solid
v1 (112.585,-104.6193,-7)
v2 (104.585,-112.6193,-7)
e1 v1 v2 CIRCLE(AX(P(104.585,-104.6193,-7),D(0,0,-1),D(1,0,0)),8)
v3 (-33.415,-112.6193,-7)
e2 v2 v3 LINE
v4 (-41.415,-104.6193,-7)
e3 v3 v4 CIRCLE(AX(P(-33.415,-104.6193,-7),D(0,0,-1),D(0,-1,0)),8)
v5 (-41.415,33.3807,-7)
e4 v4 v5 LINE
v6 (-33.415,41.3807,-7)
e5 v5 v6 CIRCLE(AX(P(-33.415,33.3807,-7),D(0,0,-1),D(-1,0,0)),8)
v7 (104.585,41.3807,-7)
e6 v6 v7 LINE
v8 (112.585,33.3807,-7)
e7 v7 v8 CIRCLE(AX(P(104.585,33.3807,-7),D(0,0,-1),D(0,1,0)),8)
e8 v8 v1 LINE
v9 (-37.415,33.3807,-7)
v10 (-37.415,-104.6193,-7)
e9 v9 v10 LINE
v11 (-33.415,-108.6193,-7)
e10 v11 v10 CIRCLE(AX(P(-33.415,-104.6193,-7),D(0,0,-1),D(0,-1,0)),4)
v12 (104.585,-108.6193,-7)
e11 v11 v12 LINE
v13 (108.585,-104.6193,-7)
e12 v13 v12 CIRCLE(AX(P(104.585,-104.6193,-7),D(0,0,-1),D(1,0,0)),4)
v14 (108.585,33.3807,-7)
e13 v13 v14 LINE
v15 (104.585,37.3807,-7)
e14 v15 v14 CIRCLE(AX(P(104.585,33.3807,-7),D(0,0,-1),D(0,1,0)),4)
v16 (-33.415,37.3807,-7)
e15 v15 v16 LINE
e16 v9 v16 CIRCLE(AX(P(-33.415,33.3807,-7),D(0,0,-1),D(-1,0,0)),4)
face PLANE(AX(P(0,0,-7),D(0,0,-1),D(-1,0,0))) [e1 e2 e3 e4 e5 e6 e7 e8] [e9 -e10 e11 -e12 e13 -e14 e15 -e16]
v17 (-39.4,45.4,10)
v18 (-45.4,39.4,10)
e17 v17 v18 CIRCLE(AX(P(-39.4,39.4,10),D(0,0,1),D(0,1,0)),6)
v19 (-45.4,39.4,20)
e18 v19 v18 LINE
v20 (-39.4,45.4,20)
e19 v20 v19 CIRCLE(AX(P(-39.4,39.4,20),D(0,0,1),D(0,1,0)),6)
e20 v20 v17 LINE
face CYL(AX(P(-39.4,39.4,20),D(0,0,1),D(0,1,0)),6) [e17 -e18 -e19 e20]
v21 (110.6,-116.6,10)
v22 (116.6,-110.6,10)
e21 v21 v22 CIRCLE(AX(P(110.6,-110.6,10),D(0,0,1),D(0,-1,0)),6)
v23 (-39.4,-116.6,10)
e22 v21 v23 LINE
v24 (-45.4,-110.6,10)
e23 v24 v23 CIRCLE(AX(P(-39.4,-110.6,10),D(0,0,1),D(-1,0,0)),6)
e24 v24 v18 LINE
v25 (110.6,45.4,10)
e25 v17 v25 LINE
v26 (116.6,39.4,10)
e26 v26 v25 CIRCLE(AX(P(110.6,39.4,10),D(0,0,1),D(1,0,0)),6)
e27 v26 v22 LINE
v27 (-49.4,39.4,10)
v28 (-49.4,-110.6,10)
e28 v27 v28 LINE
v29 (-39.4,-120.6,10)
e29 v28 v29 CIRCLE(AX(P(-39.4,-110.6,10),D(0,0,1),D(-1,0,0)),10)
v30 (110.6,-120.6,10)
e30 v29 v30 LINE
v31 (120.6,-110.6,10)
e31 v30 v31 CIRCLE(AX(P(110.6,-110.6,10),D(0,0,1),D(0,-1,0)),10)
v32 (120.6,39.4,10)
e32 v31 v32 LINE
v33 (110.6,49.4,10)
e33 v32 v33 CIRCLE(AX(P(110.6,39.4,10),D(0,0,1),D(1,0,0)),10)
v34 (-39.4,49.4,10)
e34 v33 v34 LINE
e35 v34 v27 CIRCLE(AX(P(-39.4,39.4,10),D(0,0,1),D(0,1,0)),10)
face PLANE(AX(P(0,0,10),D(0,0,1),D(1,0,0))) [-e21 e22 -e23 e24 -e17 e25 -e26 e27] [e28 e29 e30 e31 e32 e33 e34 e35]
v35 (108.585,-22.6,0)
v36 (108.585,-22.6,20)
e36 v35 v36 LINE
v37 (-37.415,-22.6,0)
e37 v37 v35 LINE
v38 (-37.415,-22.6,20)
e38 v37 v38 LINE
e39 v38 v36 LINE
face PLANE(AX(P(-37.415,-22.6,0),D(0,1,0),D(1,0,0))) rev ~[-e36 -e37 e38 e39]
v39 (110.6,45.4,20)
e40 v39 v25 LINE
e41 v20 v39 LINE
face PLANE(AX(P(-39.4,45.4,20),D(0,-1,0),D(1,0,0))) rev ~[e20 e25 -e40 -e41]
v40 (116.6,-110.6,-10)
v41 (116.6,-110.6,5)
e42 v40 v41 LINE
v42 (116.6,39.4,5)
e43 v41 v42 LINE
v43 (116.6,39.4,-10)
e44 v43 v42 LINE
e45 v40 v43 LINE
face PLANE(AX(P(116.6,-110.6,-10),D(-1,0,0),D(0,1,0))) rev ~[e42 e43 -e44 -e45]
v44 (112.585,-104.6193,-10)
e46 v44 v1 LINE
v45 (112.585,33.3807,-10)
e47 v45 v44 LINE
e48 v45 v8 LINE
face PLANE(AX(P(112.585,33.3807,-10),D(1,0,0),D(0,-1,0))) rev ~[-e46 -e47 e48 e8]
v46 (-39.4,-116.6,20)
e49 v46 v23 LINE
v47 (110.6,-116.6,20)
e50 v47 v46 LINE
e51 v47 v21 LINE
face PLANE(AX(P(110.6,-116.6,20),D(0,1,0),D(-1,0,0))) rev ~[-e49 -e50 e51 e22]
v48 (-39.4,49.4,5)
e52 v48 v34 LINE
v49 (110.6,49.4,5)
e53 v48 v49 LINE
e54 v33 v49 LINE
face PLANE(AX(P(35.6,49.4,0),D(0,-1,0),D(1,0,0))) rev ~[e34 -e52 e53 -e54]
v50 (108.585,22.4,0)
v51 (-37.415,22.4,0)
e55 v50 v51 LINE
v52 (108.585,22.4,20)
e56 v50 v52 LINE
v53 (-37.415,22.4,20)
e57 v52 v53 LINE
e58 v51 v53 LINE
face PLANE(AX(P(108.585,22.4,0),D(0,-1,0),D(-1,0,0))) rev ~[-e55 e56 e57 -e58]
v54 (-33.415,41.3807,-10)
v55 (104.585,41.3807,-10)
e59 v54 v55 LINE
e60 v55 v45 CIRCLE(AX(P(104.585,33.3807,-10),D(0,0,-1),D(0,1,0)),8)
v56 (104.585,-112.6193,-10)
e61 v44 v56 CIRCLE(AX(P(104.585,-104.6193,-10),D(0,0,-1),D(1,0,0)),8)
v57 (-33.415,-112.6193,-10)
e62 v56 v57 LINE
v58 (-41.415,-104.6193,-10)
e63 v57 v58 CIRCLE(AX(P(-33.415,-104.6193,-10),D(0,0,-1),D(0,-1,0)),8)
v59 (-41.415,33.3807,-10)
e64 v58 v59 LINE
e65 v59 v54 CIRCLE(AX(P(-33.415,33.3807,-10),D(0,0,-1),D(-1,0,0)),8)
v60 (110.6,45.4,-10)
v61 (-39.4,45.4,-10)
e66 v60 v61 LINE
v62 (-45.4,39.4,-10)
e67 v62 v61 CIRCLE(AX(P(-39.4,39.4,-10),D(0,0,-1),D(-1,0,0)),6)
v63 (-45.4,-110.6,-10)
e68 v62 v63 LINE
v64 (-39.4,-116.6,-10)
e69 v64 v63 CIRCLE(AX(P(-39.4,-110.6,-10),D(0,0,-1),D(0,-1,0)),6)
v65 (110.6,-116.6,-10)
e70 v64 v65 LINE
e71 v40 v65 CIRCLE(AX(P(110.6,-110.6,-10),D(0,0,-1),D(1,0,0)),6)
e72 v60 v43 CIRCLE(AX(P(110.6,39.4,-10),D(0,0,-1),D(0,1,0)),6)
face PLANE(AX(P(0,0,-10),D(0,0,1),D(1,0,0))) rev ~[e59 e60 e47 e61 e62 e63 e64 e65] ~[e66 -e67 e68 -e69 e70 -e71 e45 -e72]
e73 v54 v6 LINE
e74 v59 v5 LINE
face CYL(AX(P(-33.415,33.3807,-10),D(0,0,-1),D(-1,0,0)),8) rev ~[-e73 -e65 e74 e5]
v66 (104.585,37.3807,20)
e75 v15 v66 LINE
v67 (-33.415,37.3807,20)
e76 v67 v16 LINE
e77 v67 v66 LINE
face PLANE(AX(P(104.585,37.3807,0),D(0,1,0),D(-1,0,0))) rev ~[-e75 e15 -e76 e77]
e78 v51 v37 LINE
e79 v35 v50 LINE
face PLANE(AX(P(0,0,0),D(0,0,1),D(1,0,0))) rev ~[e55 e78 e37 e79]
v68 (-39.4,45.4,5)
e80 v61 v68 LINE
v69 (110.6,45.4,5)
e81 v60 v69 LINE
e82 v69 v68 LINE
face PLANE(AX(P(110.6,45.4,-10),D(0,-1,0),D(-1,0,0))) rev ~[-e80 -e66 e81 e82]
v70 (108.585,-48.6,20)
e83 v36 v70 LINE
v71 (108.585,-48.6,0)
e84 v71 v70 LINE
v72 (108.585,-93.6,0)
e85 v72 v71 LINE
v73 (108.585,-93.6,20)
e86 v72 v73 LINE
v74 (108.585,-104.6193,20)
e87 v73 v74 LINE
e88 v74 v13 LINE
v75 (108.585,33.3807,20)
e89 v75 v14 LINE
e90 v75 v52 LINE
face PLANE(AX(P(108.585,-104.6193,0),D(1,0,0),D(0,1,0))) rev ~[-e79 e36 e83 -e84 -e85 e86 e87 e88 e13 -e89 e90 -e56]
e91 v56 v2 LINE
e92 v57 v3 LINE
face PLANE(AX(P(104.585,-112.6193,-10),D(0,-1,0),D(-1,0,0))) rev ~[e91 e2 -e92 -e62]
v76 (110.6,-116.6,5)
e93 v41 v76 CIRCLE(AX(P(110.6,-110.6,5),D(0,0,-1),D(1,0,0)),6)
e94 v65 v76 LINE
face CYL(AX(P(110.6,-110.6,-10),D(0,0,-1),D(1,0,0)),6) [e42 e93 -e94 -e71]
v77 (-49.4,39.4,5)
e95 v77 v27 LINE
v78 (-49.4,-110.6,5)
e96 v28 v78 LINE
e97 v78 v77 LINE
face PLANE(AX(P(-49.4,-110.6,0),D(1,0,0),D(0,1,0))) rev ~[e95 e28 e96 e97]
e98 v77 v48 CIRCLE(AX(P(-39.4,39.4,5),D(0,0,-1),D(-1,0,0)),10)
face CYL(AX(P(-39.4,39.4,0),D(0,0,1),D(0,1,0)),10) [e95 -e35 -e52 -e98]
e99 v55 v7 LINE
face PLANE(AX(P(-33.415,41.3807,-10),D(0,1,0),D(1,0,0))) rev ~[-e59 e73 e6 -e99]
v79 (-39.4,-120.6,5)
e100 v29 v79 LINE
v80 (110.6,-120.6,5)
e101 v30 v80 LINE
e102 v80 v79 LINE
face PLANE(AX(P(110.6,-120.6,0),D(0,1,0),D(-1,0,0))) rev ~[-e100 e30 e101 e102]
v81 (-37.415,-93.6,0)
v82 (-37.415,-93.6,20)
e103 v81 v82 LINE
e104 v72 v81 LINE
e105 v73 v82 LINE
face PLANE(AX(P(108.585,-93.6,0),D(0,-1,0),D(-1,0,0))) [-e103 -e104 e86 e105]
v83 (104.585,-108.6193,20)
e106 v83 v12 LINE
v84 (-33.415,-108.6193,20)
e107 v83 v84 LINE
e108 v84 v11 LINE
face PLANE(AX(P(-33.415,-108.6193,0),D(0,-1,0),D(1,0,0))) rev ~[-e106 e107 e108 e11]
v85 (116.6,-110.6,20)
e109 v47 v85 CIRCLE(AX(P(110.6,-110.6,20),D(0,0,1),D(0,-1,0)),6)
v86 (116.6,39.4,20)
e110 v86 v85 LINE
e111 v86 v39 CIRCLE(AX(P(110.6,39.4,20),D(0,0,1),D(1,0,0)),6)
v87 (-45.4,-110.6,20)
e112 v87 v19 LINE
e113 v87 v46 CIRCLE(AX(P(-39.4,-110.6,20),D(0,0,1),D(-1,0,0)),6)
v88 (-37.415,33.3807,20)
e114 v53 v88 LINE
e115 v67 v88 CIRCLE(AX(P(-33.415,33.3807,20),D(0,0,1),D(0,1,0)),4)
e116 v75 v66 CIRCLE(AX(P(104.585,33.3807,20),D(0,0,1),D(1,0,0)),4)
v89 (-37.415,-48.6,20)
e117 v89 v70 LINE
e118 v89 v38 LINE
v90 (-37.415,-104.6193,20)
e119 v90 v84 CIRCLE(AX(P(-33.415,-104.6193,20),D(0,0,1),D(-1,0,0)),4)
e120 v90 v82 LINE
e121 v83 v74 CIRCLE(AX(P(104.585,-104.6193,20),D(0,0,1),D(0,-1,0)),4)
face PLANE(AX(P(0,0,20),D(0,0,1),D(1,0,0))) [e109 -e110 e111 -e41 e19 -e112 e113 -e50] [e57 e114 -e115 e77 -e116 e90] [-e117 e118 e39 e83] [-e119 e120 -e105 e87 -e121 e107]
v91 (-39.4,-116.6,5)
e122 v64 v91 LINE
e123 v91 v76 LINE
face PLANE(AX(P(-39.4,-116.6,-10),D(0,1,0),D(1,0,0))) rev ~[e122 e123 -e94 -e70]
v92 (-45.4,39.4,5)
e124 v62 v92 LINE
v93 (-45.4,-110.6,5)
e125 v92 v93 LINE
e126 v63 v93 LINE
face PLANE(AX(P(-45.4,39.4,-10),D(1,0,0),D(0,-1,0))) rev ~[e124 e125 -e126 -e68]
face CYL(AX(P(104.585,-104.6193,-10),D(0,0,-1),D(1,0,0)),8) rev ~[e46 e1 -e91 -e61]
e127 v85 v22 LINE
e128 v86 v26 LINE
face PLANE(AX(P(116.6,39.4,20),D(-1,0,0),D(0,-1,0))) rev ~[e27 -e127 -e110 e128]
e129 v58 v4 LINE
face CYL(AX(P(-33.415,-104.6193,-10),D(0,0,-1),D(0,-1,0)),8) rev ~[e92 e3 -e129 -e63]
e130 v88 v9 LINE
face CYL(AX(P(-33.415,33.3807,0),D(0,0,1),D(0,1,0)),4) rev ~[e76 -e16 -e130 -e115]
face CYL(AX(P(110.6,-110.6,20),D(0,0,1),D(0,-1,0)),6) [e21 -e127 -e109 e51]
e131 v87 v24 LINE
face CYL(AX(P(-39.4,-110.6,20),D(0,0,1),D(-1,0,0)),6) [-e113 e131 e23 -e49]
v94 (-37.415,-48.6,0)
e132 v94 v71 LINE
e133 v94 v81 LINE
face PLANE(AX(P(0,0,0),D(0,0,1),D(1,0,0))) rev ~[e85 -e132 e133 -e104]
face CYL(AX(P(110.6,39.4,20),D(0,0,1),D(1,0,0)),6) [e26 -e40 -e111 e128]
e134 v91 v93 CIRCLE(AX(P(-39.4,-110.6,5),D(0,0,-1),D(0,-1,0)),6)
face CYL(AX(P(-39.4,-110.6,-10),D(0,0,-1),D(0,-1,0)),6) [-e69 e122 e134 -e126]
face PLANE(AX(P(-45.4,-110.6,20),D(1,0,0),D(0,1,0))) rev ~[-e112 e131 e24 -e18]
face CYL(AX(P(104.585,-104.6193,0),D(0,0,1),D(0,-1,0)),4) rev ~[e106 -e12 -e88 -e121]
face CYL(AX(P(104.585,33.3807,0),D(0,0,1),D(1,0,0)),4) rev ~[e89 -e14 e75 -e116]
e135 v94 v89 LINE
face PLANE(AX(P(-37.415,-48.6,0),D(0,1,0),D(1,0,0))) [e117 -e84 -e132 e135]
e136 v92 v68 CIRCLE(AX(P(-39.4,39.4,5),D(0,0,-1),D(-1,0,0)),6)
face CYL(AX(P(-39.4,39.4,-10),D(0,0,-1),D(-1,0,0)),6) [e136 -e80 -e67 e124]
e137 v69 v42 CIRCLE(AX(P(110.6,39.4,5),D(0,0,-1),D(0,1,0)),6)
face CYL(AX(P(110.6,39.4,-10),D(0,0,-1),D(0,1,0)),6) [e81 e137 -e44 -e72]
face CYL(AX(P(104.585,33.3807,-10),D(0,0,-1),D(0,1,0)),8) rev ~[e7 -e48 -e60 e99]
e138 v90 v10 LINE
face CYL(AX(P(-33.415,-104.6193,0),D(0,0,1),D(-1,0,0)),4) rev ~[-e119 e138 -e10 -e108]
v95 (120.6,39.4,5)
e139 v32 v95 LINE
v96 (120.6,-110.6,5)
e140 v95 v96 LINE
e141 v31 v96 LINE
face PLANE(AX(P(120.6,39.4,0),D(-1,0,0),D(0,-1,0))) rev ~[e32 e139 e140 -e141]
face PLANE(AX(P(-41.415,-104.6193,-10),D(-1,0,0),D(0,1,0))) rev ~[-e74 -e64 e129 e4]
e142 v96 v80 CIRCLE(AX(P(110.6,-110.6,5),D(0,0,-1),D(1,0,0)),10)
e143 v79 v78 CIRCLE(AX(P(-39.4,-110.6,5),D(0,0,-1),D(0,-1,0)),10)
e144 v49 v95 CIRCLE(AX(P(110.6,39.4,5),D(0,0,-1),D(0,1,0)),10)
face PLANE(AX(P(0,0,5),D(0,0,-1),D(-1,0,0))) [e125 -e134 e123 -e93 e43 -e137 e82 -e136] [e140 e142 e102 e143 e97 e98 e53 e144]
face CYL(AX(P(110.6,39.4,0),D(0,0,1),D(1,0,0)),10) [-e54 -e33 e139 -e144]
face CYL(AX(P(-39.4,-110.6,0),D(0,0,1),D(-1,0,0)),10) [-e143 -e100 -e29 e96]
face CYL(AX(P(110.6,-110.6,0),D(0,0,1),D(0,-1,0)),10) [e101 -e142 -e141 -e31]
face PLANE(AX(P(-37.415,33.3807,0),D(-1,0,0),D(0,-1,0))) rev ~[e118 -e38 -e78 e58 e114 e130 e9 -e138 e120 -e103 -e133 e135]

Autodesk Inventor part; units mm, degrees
ref_plane "YZ Plane" through (0, 0, 0) normal (1, 0, 0) x (0, 1, 0)
ref_plane "XZ Plane" through (0, 0, 0) normal (0, 1, 0) x (-1, 0, 0)
ref_plane "XY Plane" through (0, 0, 0) normal (0, 0, 1) x (1, 0, 0)
ref_plane "Work Plane1" through (0, 0, 0) normal (0, 0, 1) x (1, 0, 0)
sketch "Sketch1" plane through (0, 0, 0) normal (0, 0, 1) x (1, 0, 0)
  line L0 (35.585, -35.585) -> (35.585, 35.585) projected
  line L1 (-35.585, -35.585) -> (35.585, -35.585) projected
  line L2 (35.615, -35.585) -> (106.785, -35.585) projected
  line L3 (35.615, -35.615) -> (35.615, -106.785) projected
  line L4 (-35.585, 35.585) -> (-35.585, -35.585) projected
  line L5 (35.585, 35.585) -> (-35.585, 35.585) projected
  line L6 (106.785, 35.585) -> (35.615, 35.585) projected
  line L7 (106.785, -35.585) -> (106.785, 35.585) projected
  line L8 (35.585, -35.585) -> (35.615, -35.615)
  line L9 (35.615, -35.585) -> (35.585, -35.615)
  line L10 (35.585, 35.8807) -> (107.085, 35.8807) construction
  line L11 (-35.915, 35.8807) -> (-35.915, 36.8807)
  line L12 (104.585, 37.3807) -> (-33.415, 37.3807)
  line L13 (-37.415, 33.3807) -> (-37.415, -104.6193)
  line L14 (-33.415, -108.6193) -> (104.585, -108.6193)
  line L15 (108.585, -104.6193) -> (108.585, 33.3807)
  arc A0 (104.585, -108.6193) -> (108.585, -104.6193) centre (104.585, -104.6193) ccw
  arc A1 (-37.415, -104.6193) -> (-33.415, -108.6193) centre (-33.415, -104.6193) ccw
  arc A2 (-33.415, 37.3807) -> (-37.415, 33.3807) centre (-33.415, 33.3807) ccw
  arc A3 (108.585, 33.3807) -> (104.585, 37.3807) centre (104.585, 33.3807) ccw
  line L16 (35.6, 49.4) -> (-39.4, 49.4)
  line L17 (120.6, 39.4) -> (120.6, -110.6)
  line L18 (110.6, -120.6) -> (-39.4, -120.6)
  line L19 (-49.4, -110.6) -> (-49.4, 39.4)
  arc A4 (-39.4, 49.4) -> (-49.4, 39.4) centre (-39.4, 39.4) ccw
  arc A5 (120.6, 39.4) -> (110.6, 49.4) centre (110.6, 39.4) ccw
  arc A6 (110.6, -120.6) -> (120.6, -110.6) centre (110.6, -110.6) ccw
  arc A7 (-49.4, -110.6) -> (-39.4, -120.6) centre (-39.4, -110.6) ccw
  line L20 (35.6, 49.4) -> (110.6, 49.4)
  point P0 (0, 0)
  point P1 (120.6, -120.6)
  point P2 (120.6, 49.4)
  point P3 (-49.4, -120.6)
  dimension "d2" = 71.5
  dimension "d15" = 1
  dimension "d18" = 4
  dimension "d21" = 170
  dimension "d22" = 170
  dimension "d23" = 10
extrude "Extrusion2" add sketch "Sketch1" against normal blind 10 contours L20 A5 L17 A6 L18 A7 L19 A4 L16
sketch "Sketch3" plane through (0, 0, 0) normal (0, 0, 1) x (1, 0, 0)
  arc A0 (104.585, -108.6193) -> (108.585, -104.6193) centre (104.585, -104.6193) ccw projected
  line L0 (104.585, -108.6193) -> (-33.415, -108.6193) projected
  arc A1 (-37.415, -104.6193) -> (-33.415, -108.6193) centre (-33.415, -104.6193) ccw projected
  line L1 (-37.415, -104.6193) -> (-37.415, 33.3807) projected
  arc A2 (-33.415, 37.3807) -> (-37.415, 33.3807) centre (-33.415, 33.3807) ccw projected
  line L2 (-33.415, 37.3807) -> (104.585, 37.3807) projected
  arc A3 (108.585, 33.3807) -> (104.585, 37.3807) centre (104.585, 33.3807) ccw projected
  line L3 (108.585, 33.3807) -> (108.585, -104.6193) projected
  line L4 (110.6, 49.4) -> (-39.4, 49.4) projected
  arc A4 (-39.4, 49.4) -> (-49.4, 39.4) centre (-39.4, 39.4) ccw projected
  line L5 (-49.4, 39.4) -> (-49.4, -110.6) projected
  arc A5 (-49.4, -110.6) -> (-39.4, -120.6) centre (-39.4, -110.6) ccw projected
  line L6 (-39.4, -120.6) -> (110.6, -120.6) projected
  arc A6 (110.6, -120.6) -> (120.6, -110.6) centre (110.6, -110.6) ccw projected
  line L7 (120.6, -110.6) -> (120.6, 39.4) projected
  arc A7 (120.6, 39.4) -> (110.6, 49.4) centre (110.6, 39.4) ccw projected
  line L8 (108.585, -93.6) -> (-37.415, -93.6)
  line L9 (-37.415, -48.6) -> (108.585, -48.6)
  line L10 (108.585, 22.4) -> (-37.415, 22.4)
  line L11 (-37.415, -22.6) -> (108.585, -22.6)
  line L12 (108.585, 22.4) -> (108.585, -22.6)
  line L13 (-37.415, 22.4) -> (-37.415, -22.6)
  line L14 (-37.415, -48.6) -> (-37.415, -93.6)
  line L15 (108.585, -48.6) -> (108.585, -93.6)
  point P0 (0, 0)
  dimension "d27" = 45
extrude "Extrusion3" add sketch "Sketch3" along normal blind 20 contours L8 L1 L9 L3 | L11 L1 L10 L3 | A7 L7 A6 L6 A5 L5 A4 L4
sketch "Sketch5" plane through (0, 0, -10) normal (0, 0, -1) x (-1, 0, 0)
  arc A0 (-108.585, -104.6193) -> (-104.585, -108.6193) centre (-104.585, -104.6193) ccw projected
  line L0 (-108.585, -104.6193) -> (-108.585, 33.3807) projected
  arc A1 (-104.585, 37.3807) -> (-108.585, 33.3807) centre (-104.585, 33.3807) ccw projected
  line L1 (-104.585, 37.3807) -> (33.415, 37.3807) projected
  arc A2 (37.415, 33.3807) -> (33.415, 37.3807) centre (33.415, 33.3807) ccw projected
  line L2 (37.415, 33.3807) -> (37.415, -104.6193) projected
  arc A3 (33.415, -108.6193) -> (37.415, -104.6193) centre (33.415, -104.6193) ccw projected
  line L3 (33.415, -108.6193) -> (-104.585, -108.6193) projected
  line L4 (33.415, 41.3807) -> (-104.585, 41.3807)
  arc A4 (-104.585, 41.3807) -> (-112.585, 33.3807) centre (-104.585, 33.3807) ccw
  line L5 (-112.585, 33.3807) -> (-112.585, -104.6193)
  arc A5 (-112.585, -104.6193) -> (-104.585, -112.6193) centre (-104.585, -104.6193) ccw
  line L6 (-104.585, -112.6193) -> (33.415, -112.6193)
  arc A6 (33.415, -112.6193) -> (41.415, -104.6193) centre (33.415, -104.6193) ccw
  line L7 (41.415, -104.6193) -> (41.415, 33.3807)
  arc A7 (41.415, 33.3807) -> (33.415, 41.3807) centre (33.415, 33.3807) ccw
  point P0 (0, 0)
  dimension "d32" = 4
extrude "Extrusion5" cut sketch "Sketch5" against normal blind 3
sketch "Sketch6" plane through (0, 0, -10) normal (0, 0, -1) x (-1, 0, 0)
  line L0 (39.4, 49.4) -> (-110.6, 49.4) projected
  arc A0 (-110.6, 49.4) -> (-120.6, 39.4) centre (-110.6, 39.4) ccw projected
  line L1 (-120.6, 39.4) -> (-120.6, -110.6) projected
  arc A1 (-120.6, -110.6) -> (-110.6, -120.6) centre (-110.6, -110.6) ccw projected
  line L2 (-110.6, -120.6) -> (39.4, -120.6) projected
  arc A2 (39.4, -120.6) -> (49.4, -110.6) centre (39.4, -110.6) ccw projected
  line L3 (49.4, -110.6) -> (49.4, 39.4) projected
  arc A3 (49.4, 39.4) -> (39.4, 49.4) centre (39.4, 39.4) ccw projected
  line L4 (-110.6, 45.4) -> (39.4, 45.4)
  arc A4 (45.4, 39.4) -> (39.4, 45.4) centre (39.4, 39.4) ccw
  line L5 (45.4, 39.4) -> (45.4, -110.6)
  arc A5 (39.4, -116.6) -> (45.4, -110.6) centre (39.4, -110.6) ccw
  line L6 (39.4, -116.6) -> (-110.6, -116.6)
  arc A6 (-116.6, -110.6) -> (-110.6, -116.6) centre (-110.6, -110.6) ccw
  line L7 (-116.6, -110.6) -> (-116.6, 39.4)
  arc A7 (-110.6, 45.4) -> (-116.6, 39.4) centre (-110.6, 39.4) ccw
  point P0 (0, 0)
  dimension "d35" = 4
extrude "Extrusion6" cut sketch "Sketch6" against normal blind 15
sketch "Sketch7" plane through (0, 0, 20) normal (0, 0, 1) x (1, 0, 0)
  line L0 (110.6, 49.4) -> (-39.4, 49.4) projected
  arc A0 (-39.4, 49.4) -> (-49.4, 39.4) centre (-39.4, 39.4) ccw projected
  line L1 (-49.4, 39.4) -> (-49.4, -110.6) projected
  arc A1 (-49.4, -110.6) -> (-39.4, -120.6) centre (-39.4, -110.6) ccw projected
  line L2 (-39.4, -120.6) -> (110.6, -120.6) projected
  arc A2 (110.6, -120.6) -> (120.6, -110.6) centre (110.6, -110.6) ccw projected
  line L3 (120.6, -110.6) -> (120.6, 39.4) projected
  arc A3 (120.6, 39.4) -> (110.6, 49.4) centre (110.6, 39.4) ccw projected
  line L4 (-39.4, 45.4) -> (110.6, 45.4)
  arc A4 (116.6, 39.4) -> (110.6, 45.4) centre (110.6, 39.4) ccw
  line L5 (116.6, 39.4) -> (116.6, -110.6)
  arc A5 (110.6, -116.6) -> (116.6, -110.6) centre (110.6, -110.6) ccw
  line L6 (110.6, -116.6) -> (-39.4, -116.6)
  arc A6 (-45.4, -110.6) -> (-39.4, -116.6) centre (-39.4, -110.6) ccw
  line L7 (-45.4, -110.6) -> (-45.4, 39.4)
  arc A7 (-39.4, 45.4) -> (-45.4, 39.4) centre (-39.4, 39.4) ccw
  point P0 (0, 0)
  dimension "d38" = 4
extrude "Extrusion7" cut sketch "Sketch7" against normal blind 10
properties part number "Case" material "Aluminum 6061"
